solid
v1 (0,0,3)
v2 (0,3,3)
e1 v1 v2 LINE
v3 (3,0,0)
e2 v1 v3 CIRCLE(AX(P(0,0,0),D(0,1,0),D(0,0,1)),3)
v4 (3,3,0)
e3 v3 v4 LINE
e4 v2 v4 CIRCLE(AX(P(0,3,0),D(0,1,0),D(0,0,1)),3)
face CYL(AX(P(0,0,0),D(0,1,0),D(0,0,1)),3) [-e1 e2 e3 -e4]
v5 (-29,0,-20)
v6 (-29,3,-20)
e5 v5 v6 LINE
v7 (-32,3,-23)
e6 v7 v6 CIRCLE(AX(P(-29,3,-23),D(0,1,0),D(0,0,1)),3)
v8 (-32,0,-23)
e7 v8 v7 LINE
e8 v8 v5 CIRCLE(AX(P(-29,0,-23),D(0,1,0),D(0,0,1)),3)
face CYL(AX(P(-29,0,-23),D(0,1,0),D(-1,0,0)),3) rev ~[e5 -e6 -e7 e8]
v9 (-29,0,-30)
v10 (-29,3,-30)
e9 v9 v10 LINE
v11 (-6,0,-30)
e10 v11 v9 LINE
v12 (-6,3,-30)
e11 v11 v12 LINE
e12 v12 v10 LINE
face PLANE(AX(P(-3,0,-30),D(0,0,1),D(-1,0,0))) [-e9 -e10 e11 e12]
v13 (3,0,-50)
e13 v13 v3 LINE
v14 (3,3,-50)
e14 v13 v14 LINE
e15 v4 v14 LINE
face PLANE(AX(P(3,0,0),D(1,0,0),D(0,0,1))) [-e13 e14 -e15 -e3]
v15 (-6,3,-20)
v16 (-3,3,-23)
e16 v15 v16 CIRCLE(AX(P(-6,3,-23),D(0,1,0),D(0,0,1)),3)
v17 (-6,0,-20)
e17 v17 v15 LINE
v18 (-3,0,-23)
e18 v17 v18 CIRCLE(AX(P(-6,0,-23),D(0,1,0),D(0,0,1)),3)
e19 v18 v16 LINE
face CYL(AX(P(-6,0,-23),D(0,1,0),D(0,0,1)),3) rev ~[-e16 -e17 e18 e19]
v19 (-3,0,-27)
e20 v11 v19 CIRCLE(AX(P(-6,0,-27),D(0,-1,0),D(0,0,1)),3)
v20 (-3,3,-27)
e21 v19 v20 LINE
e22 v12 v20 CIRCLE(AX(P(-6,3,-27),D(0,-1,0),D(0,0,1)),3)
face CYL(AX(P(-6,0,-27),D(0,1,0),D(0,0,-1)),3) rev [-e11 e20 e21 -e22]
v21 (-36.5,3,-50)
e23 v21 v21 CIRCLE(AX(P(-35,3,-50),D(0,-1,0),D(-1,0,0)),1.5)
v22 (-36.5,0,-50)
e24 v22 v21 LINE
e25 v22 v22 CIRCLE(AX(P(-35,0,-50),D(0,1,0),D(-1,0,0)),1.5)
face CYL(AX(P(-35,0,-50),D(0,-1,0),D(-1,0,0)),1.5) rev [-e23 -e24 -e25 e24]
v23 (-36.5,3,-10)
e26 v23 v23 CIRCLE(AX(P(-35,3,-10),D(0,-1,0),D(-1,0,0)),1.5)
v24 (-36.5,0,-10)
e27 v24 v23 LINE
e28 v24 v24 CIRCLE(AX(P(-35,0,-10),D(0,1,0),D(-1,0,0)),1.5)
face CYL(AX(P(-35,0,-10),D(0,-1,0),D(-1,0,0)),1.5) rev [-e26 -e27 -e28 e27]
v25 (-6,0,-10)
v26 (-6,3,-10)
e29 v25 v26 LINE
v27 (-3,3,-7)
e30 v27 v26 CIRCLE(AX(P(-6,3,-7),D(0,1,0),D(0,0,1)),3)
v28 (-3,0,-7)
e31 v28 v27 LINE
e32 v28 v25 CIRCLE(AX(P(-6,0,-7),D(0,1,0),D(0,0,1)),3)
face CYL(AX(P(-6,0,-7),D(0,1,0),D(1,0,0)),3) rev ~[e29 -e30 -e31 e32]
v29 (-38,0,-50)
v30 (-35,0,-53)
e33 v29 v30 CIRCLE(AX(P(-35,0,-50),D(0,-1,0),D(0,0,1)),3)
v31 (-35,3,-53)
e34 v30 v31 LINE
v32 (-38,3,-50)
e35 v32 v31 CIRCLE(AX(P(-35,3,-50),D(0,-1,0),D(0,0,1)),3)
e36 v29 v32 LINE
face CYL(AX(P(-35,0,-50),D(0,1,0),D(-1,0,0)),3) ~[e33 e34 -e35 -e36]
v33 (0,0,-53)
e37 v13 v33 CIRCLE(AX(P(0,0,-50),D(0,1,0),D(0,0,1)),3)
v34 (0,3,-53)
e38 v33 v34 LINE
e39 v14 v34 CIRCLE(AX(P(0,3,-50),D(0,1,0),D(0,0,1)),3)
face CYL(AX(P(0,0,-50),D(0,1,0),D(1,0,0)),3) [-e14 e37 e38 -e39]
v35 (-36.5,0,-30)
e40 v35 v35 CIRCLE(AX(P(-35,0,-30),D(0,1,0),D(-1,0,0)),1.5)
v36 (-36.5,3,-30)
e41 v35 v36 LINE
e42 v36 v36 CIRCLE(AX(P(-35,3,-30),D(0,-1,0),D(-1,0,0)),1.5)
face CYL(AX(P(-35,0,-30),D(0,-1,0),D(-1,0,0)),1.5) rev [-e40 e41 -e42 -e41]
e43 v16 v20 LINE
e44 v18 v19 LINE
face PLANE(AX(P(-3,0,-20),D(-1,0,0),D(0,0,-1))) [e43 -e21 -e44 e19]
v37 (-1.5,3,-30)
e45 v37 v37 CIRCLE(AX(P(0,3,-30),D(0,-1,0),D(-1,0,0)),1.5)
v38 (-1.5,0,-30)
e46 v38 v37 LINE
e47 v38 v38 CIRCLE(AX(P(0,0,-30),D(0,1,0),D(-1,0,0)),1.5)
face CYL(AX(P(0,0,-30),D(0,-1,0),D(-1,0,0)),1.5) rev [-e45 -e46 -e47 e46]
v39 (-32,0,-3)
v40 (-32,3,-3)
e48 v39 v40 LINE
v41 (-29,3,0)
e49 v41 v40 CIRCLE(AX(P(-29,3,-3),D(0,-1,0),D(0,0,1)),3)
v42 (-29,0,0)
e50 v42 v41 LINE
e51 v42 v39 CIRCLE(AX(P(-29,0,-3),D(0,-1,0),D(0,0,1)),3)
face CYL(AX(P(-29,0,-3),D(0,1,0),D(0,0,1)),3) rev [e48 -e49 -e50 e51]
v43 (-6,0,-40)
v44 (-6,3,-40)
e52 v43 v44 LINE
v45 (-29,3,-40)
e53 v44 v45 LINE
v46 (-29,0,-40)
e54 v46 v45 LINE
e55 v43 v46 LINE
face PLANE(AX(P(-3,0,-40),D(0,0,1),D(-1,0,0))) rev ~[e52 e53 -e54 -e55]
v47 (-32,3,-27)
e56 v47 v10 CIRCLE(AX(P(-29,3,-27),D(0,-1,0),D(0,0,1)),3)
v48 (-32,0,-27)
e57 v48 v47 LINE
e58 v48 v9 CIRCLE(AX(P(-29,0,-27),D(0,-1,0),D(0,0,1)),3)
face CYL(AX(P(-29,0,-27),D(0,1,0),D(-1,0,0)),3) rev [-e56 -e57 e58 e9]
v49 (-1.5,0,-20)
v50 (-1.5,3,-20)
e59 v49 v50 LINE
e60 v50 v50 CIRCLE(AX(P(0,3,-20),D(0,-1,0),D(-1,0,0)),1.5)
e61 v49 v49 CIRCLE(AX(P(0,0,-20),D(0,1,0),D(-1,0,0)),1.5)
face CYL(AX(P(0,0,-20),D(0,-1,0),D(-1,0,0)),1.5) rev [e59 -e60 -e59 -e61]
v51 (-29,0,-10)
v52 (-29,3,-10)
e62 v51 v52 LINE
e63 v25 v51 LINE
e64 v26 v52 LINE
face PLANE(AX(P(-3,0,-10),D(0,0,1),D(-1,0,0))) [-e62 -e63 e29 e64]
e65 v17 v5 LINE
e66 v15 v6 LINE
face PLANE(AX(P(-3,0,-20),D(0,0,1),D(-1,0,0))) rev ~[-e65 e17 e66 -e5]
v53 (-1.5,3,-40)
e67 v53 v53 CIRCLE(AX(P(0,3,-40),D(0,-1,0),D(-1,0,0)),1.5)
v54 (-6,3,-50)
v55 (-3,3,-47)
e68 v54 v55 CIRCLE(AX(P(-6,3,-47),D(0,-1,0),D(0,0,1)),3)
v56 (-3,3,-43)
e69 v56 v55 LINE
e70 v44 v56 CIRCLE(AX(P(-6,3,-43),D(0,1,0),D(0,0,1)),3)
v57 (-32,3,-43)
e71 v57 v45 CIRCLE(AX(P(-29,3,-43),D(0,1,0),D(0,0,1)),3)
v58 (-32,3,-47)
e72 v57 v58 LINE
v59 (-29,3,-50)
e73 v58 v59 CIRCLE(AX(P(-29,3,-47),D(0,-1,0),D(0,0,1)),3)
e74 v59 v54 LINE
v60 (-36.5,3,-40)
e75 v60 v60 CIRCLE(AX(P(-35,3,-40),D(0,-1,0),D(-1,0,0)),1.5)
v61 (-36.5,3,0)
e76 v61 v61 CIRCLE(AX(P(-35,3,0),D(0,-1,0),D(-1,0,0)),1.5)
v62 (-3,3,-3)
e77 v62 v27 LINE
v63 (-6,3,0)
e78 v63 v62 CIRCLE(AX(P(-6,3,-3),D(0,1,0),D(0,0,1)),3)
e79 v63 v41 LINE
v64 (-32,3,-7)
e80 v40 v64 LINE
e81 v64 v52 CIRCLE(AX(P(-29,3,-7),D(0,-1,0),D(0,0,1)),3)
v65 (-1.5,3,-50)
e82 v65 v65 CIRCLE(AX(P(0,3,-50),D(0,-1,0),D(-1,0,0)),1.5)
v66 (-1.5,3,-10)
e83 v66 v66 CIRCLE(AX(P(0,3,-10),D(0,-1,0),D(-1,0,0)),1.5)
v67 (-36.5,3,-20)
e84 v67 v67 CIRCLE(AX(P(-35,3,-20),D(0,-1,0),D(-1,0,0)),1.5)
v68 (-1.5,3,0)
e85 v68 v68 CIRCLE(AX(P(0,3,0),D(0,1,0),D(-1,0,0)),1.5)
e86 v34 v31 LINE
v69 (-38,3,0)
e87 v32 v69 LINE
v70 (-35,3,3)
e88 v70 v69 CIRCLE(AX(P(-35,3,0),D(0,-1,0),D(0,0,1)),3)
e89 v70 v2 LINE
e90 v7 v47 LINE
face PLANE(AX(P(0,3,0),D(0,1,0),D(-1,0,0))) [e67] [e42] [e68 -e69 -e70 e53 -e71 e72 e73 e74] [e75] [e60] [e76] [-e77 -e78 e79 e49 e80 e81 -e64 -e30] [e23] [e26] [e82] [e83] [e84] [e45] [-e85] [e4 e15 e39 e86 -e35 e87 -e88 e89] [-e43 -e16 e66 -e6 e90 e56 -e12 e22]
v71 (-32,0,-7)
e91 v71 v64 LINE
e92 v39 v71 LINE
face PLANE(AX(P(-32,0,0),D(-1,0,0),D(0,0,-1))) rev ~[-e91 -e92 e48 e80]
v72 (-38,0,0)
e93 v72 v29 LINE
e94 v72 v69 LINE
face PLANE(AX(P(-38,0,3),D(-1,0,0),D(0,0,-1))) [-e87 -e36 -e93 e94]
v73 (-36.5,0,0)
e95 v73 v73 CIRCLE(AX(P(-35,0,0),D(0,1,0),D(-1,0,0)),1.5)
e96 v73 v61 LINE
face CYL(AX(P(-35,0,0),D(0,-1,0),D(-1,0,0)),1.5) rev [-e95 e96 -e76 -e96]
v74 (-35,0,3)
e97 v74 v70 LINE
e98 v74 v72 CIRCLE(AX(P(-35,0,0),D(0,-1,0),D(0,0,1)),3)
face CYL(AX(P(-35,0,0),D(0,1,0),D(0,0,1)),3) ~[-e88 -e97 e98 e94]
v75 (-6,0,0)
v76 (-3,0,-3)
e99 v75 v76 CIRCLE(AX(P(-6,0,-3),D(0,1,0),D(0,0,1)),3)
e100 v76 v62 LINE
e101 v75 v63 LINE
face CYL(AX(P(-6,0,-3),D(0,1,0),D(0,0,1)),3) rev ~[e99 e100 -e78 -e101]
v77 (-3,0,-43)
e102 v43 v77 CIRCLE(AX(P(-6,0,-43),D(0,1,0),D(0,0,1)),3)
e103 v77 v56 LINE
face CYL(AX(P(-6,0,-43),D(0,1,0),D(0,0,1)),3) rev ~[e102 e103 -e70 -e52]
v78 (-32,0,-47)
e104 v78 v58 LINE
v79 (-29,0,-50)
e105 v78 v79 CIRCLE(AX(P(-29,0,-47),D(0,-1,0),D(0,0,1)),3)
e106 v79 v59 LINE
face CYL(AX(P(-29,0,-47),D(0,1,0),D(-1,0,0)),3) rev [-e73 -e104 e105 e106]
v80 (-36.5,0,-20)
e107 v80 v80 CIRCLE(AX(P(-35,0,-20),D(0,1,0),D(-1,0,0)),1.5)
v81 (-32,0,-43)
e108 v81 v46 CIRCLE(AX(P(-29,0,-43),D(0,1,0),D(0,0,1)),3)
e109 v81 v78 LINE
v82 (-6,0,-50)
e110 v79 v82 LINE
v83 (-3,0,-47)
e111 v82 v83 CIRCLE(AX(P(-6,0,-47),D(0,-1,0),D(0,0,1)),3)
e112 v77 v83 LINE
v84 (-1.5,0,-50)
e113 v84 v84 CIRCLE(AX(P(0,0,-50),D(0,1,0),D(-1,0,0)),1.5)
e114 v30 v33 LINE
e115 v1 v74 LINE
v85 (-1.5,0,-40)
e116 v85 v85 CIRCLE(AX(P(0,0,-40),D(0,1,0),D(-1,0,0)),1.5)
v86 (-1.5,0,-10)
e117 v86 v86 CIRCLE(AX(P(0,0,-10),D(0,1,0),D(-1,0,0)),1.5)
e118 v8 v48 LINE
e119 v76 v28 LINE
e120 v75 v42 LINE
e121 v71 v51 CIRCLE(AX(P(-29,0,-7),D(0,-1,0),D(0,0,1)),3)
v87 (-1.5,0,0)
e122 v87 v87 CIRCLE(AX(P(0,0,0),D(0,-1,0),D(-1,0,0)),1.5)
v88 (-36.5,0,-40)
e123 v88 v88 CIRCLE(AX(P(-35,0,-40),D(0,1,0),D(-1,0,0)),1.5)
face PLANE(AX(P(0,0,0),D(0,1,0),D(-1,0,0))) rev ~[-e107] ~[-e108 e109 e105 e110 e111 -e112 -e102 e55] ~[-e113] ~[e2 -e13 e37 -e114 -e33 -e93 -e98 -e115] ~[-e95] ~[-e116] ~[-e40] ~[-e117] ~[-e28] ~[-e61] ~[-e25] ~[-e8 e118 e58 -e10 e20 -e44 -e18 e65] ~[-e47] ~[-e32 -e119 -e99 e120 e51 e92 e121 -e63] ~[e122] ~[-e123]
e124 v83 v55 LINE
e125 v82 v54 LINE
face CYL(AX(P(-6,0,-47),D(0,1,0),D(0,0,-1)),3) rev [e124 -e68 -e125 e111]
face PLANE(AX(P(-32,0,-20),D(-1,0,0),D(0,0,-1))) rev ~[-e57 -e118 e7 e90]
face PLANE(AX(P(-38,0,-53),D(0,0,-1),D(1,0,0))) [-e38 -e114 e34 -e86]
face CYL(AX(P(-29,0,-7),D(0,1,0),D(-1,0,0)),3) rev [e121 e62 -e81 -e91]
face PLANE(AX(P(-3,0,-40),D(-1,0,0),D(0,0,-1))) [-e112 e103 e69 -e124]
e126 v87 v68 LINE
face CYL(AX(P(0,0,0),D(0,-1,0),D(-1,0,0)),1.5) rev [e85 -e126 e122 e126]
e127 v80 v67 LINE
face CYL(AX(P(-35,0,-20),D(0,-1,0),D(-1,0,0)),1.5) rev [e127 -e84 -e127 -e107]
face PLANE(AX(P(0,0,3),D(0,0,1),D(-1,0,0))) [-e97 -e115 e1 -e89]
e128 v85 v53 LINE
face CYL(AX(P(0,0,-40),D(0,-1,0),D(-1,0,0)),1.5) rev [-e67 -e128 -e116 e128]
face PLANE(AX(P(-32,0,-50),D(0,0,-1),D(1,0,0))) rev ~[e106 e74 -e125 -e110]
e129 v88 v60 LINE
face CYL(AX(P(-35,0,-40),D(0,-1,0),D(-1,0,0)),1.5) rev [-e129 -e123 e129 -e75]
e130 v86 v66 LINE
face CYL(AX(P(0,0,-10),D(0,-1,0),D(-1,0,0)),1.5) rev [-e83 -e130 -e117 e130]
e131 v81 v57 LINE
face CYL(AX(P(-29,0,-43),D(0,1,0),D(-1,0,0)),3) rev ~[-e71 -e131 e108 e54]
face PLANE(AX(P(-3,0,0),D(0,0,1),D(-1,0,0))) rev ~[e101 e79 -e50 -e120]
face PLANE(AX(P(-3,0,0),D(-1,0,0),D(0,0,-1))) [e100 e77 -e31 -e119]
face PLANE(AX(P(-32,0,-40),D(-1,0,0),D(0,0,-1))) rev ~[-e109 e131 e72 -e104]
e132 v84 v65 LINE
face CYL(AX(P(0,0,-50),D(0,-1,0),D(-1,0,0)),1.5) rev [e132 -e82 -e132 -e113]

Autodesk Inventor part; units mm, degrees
ref_plane "YZ Plane" through (0, 0, 0) normal (1, 0, 0) x (0, 1, 0)
ref_plane "XZ Plane" through (0, 0, 0) normal (0, 1, 0) x (-1, 0, 0)
ref_plane "XY Plane" through (0, 0, 0) normal (0, 0, 1) x (1, 0, 0)
sketch "Sketch1" plane through (0, 0, 0) normal (0, 1, 0) x (-1, 0, 0)
  line L0 (0, 0) -> (35, 0)
  line L1 (35, 0) -> (35, -50)
  line L2 (35, -50) -> (0, -50)
  line L3 (0, -50) -> (0, 0)
  line L4 (0, 0) -> (0, -10)
  line L5 (0, -10) -> (0, -20)
  line L6 (0, -20) -> (0, -30)
  line L7 (0, -30) -> (0, -40)
  line L8 (35, 0) -> (35, -10)
  line L9 (35, -10) -> (35, -20)
  line L10 (35, -20) -> (35, -30)
  line L11 (35, -30) -> (35, -40)
  circle A0 centre (35, 0) radius 1.5
  circle A1 centre (35, -10) radius 1.5
  circle A2 centre (35, -20) radius 1.5
  circle A3 centre (35, -30) radius 1.5
  circle A4 centre (35, -40) radius 1.5
  circle A5 centre (35, -50) radius 1.5
  circle A6 centre (0, -50) radius 1.5
  circle A7 centre (0, -40) radius 1.5
  circle A8 centre (0, -30) radius 1.5
  circle A9 centre (0, -20) radius 1.5
  circle A10 centre (0, -10) radius 1.5
  circle A11 centre (0, 0) radius 1.5
  line L12 (35, -50) -> (38, -50)
  line L13 (38, -50) -> (38, -53)
  line L14 (38, -53) -> (35, -53)
  line L15 (35, -53) -> (35, -50)
  line L16 (0, 0) -> (-3, 0)
  line L17 (-3, 0) -> (-3, 3)
  line L18 (-3, 3) -> (0, 3)
  line L19 (0, 3) -> (0, 0)
  line L20 (-3, 3) -> (38, 3)
  line L21 (38, 3) -> (38, -53)
  line L22 (38, -53) -> (-3, -53)
  line L23 (-3, -53) -> (-3, 3)
  line L24 (35, 0) -> (0, 0)
  line L25 (0, 0) -> (0, -10)
  line L26 (0, -10) -> (35, -10)
  line L27 (35, -10) -> (35, 0)
  line L28 (35, -10) -> (0, -10)
  line L29 (0, -10) -> (0, -20)
  line L30 (0, -20) -> (35, -20)
  line L31 (35, -20) -> (35, -10)
  line L32 (35, -20) -> (0, -20)
  line L33 (0, -20) -> (0, -30)
  line L34 (0, -30) -> (35, -30)
  line L35 (35, -30) -> (35, -20)
  line L36 (35, -30) -> (0, -30)
  line L37 (0, -30) -> (0, -40)
  line L38 (0, -40) -> (35, -40)
  line L39 (35, -40) -> (35, -30)
  line L40 (35, 0) -> (32, 0)
  line L41 (32, 0) -> (32, -50)
  line L42 (32, -50) -> (35, -50)
  line L43 (35, -50) -> (35, 0)
  line L44 (0, 0) -> (3, 0)
  line L45 (3, 0) -> (3, -50)
  line L46 (3, -50) -> (0, -50)
  line L47 (0, -50) -> (0, 0)
  point P0 (32, 0)
  point P1 (32, -10)
  point P2 (3, -10)
  point P3 (3, -40)
  point P4 (32, -40)
  point P5 (3, -20)
  point P6 (32, -20)
  point P7 (32, -30)
  point P8 (3, -30)
  dimension "d0" = 35
  dimension "d1" = 50
  dimension "d2" = 10
  dimension "d3" = 10
  dimension "d4" = 10
  dimension "d5" = 10
  dimension "d6" = 10
  dimension "d7" = 10
  dimension "d8" = 10
  dimension "d9" = 10
  dimension "d10" = 3
  dimension "d11" = 3
  dimension "d12" = 3
  dimension "d13" = 3
  dimension "d14" = 3
  dimension "d15" = 3
  dimension "d16" = 3
  dimension "d17" = 3
  dimension "d18" = 3
  dimension "d19" = 3
  dimension "d20" = 3
  dimension "d21" = 3
  dimension "d22" = 3
  dimension "d23" = 3
  dimension "d24" = 3
  dimension "d25" = 3
  dimension "d26" = 3
  dimension "d27" = 3
extrude "Extrusion1" add sketch "Sketch1" along normal blind 3 contours A11 L19 L20 L21 L12 A5 L1 A4 A3 A2 A1 A0 L0 | L0 L45 L26 A10 L3 A11 | L3 A10 A9 A8 A7 A6 L2 A5 L15 L22 L23 L16 A11 | L16 L17 L18 L19 A11 | L0 A0 L1 A1 L26 L41 | L45 L30 A9 L3 A10 L26 | L26 L41 L30 L45 | L26 A1 L1 A2 L30 L41 | L45 L34 A8 L3 A9 L30 | L15 A5 L12 L13 L14 | L30 A2 L1 A3 L34 L41 | L45 L38 A7 L3 A8 L34 | L34 L41 L38 L45 | L34 A3 L1 A4 L38 L41 | L45 L2 A6 L3 A7 L38 | L2 L41 L38 A4 L1 A5
fillet "Fillet1" radius 3 16 edges at (3, 1.5, 3) (-38, 1.5, 3) (-38, 1.5, -53) (3, 1.5, -53) (-32, 1.5, -50) (-32, 1.5, -40) (-3, 1.5, -40) (-3, 1.5, -50) (-3, 1.5, -30) (-3, 1.5, -20) (-32, 1.5, -20) (-32, 1.5, -30) (-32, 1.5, -10) (-32, 1.5, 0) (-3, 1.5, 0) (-3, 1.5, -10)
properties part number "base_extender"
